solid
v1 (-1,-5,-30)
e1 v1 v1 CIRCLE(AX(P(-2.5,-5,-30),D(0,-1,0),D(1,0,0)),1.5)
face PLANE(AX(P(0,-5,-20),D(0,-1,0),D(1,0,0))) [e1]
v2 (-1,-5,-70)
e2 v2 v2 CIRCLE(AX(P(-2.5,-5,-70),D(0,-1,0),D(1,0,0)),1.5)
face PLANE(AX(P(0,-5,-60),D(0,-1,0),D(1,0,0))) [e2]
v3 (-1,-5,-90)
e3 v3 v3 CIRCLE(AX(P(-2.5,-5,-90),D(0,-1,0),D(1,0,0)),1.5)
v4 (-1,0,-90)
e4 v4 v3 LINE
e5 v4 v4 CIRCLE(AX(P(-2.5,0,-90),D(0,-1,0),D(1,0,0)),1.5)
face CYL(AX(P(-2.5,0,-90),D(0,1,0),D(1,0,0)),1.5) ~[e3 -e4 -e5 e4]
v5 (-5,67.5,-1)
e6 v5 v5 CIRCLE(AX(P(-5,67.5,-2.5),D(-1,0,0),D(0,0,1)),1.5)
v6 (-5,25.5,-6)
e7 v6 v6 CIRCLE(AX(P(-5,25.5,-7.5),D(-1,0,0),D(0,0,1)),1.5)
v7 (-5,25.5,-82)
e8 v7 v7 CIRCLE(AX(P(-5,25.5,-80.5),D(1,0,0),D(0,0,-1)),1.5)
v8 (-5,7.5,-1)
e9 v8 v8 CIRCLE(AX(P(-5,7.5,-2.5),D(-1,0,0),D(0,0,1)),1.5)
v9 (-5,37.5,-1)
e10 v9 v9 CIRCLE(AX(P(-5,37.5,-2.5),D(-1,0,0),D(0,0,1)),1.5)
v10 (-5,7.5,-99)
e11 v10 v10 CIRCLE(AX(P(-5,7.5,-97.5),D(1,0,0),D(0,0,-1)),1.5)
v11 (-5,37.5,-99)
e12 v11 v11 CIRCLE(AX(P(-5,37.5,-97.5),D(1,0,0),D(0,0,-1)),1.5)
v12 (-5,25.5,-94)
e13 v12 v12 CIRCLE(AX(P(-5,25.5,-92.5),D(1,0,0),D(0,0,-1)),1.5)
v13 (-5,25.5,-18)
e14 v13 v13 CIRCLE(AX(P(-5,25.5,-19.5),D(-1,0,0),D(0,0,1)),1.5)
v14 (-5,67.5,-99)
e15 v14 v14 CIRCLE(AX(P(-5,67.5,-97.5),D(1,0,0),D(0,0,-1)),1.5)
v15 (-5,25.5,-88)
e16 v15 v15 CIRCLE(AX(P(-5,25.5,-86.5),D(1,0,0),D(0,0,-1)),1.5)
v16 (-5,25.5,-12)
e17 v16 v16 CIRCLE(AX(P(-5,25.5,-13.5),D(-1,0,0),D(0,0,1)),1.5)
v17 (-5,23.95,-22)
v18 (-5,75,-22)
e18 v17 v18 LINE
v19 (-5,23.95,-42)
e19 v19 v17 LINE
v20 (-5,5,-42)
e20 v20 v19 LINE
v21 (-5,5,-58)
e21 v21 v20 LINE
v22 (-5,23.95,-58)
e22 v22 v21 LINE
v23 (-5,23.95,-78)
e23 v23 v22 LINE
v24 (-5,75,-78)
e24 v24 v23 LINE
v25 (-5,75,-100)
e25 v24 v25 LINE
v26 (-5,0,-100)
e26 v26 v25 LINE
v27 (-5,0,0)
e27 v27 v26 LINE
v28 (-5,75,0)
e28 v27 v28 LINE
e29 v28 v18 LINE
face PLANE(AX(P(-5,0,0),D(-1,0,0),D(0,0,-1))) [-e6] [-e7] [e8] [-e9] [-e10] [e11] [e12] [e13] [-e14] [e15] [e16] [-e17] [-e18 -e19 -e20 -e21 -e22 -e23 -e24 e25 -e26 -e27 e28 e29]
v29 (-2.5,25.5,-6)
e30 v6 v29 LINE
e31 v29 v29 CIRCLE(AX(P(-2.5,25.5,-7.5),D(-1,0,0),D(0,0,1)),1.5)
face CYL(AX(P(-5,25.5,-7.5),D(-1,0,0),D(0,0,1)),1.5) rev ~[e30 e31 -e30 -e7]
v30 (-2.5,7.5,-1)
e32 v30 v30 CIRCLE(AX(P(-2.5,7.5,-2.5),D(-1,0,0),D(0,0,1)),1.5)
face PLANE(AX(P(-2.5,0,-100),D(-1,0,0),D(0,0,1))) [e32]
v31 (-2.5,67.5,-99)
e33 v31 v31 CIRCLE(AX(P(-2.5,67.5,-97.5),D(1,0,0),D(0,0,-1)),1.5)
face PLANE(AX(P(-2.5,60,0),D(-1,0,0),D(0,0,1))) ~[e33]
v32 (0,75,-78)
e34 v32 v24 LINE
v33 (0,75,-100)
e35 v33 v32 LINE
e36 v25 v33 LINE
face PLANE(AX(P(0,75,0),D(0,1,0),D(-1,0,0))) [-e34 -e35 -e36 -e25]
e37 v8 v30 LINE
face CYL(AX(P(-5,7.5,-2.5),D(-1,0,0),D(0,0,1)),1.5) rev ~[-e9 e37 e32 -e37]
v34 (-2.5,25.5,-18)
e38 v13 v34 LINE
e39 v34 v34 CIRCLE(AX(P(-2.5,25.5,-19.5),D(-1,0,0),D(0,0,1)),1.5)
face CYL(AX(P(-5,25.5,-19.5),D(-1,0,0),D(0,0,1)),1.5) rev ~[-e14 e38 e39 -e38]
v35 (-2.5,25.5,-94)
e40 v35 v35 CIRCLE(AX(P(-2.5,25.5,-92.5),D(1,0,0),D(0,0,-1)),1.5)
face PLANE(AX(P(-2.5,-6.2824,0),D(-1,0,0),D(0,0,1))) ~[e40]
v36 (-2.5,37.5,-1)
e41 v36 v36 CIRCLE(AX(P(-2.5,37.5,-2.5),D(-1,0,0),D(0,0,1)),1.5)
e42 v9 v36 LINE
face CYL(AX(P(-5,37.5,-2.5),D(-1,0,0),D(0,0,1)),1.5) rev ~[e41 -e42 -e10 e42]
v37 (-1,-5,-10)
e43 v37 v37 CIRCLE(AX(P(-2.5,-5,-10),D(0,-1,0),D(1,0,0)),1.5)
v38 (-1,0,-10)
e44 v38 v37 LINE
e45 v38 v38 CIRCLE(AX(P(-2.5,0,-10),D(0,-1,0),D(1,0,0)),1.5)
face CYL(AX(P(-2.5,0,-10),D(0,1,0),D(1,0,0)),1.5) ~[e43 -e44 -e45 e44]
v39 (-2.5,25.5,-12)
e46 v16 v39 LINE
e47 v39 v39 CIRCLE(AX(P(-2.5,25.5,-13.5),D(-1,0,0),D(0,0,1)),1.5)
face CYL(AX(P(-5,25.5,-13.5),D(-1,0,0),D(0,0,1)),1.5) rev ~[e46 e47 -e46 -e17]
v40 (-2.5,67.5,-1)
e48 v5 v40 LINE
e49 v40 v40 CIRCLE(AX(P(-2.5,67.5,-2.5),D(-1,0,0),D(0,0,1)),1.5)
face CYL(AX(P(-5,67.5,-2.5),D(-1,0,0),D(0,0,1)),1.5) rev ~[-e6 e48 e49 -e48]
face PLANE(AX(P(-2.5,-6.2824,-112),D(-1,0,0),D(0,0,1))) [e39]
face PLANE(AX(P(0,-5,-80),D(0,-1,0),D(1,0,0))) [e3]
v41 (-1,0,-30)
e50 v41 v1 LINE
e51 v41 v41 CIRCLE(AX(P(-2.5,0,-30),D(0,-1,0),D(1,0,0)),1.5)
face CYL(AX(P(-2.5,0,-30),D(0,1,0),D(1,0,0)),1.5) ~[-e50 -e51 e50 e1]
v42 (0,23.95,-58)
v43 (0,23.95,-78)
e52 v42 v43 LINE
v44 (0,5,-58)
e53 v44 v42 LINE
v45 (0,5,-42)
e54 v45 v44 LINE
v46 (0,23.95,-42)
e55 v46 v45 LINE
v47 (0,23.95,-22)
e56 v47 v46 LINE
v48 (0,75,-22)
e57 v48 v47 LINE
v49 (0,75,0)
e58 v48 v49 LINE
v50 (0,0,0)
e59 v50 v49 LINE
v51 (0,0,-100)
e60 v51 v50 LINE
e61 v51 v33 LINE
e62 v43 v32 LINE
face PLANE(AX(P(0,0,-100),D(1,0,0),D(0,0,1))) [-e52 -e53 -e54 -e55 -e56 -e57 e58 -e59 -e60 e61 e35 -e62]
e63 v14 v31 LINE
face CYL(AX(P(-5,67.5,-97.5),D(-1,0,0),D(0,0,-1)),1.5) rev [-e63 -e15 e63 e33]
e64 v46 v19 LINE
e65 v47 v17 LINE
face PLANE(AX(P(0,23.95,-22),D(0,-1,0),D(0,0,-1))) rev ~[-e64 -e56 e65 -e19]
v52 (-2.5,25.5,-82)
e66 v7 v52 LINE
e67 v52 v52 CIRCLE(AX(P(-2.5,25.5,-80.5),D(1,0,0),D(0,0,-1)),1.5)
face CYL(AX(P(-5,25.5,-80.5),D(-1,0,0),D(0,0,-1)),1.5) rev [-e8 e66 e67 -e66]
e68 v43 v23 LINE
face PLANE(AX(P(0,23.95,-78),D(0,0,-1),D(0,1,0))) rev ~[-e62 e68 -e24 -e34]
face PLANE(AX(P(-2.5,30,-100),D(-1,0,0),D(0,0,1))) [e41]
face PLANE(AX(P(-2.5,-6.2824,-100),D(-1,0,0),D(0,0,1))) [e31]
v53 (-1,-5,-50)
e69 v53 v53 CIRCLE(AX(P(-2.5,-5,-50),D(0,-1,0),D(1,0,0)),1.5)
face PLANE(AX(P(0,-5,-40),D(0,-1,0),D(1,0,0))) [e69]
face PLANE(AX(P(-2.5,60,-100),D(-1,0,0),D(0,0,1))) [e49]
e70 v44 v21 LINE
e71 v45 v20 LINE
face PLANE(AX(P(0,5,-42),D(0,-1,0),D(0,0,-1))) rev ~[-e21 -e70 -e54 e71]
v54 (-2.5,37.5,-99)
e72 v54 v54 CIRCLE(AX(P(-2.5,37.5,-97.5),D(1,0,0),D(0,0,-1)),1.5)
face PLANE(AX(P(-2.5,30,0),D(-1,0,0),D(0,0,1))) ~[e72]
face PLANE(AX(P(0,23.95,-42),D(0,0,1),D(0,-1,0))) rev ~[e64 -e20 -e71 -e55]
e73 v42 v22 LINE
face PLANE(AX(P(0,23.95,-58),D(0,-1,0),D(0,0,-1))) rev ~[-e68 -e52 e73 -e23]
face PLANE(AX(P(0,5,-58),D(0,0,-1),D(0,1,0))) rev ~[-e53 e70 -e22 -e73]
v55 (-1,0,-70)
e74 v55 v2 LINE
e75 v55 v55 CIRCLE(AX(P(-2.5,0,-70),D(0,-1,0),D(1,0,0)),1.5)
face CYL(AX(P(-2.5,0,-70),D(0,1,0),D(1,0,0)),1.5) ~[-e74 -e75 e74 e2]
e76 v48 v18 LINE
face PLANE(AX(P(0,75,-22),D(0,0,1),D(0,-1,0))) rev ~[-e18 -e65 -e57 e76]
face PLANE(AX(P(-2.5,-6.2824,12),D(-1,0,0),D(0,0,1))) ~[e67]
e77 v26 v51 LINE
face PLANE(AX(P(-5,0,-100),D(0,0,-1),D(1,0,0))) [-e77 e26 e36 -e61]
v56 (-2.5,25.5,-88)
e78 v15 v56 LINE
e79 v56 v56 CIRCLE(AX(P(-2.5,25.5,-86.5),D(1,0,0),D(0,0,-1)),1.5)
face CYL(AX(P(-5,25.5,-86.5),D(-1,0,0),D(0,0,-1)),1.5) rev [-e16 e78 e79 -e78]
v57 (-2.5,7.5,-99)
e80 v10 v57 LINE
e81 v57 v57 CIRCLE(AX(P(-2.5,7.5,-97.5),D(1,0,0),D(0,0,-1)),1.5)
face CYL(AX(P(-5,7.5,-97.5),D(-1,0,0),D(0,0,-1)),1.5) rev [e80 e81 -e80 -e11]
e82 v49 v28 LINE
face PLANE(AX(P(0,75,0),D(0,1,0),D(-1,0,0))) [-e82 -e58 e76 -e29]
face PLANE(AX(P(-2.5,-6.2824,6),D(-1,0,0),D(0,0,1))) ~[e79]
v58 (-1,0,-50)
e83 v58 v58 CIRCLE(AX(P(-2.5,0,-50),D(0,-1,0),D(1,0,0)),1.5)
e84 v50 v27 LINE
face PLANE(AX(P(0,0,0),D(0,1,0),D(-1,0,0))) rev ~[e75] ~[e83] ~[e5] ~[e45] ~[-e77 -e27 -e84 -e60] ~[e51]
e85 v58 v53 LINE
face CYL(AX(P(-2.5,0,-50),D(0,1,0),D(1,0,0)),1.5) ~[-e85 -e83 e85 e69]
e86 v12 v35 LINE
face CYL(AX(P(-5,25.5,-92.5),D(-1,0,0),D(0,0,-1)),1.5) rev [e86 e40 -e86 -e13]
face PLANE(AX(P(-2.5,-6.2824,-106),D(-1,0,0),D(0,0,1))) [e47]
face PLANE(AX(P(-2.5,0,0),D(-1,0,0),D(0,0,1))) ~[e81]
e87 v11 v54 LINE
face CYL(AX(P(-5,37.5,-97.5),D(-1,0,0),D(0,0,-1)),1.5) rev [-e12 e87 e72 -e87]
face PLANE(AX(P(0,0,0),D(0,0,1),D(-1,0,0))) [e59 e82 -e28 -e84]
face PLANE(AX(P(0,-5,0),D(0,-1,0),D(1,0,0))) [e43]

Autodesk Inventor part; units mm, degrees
ref_plane "YZ Plane" through (0, 0, 0) normal (1, 0, 0) x (0, 1, 0)
ref_plane "XZ Plane" through (0, 0, 0) normal (0, 1, 0) x (-1, 0, 0)
sketch "Sketch2" plane through (0, 0, 0) normal (0, 1, 0) x (-1, 0, 0)
  line L0 (0, 0) -> (5, 0)
  line L1 (5, 0) -> (5, -100)
  line L2 (5, -100) -> (0, -100)
  line L3 (0, -100) -> (0, 0)
  dimension "d0" = 5
  dimension "d1" = 100
extrude "Extrusion1" add sketch "Sketch2" along normal blind 75
sketch "Sketch5" plane through (0, 0, 0) normal (1, 0, 0) x (0, 0, -1)
  line L0 (0, 75) -> (100, 75) projected
  line L1 (22, 23.95) -> (42, 23.95)
  line L2 (42, 23.95) -> (42, 75)
  line L3 (42, 75) -> (22, 75)
  line L4 (22, 75) -> (22, 23.95)
  line L5 (58, 23.95) -> (78, 23.95)
  line L6 (78, 23.95) -> (78, 75)
  line L7 (78, 75) -> (58, 75)
  line L8 (58, 75) -> (58, 23.95)
  line L9 (0, 0) -> (0, 75) projected
  line L10 (100, 0) -> (100, 75) projected
  line L11 (100, 0) -> (0, 0) projected
  dimension "d16" = 16
  dimension "d17" = 22
  dimension "d18" = 22
  dimension "d20" = 23.95
extrude "Extrusion4" cut sketch "Sketch5" against normal through all contours L0 L2 L1 L4 | L0 L6 L5 L8
sketch "Sketch6" plane through (0, 0, 0) normal (1, 0, 0) x (0, 0, -1)
  line L0 (58, 23.95) -> (58, 75) projected
  line L1 (42, 5) -> (58, 5)
  line L2 (58, 5) -> (58, 75)
  line L3 (58, 75) -> (42, 75)
  line L4 (42, 75) -> (42, 5)
  line L5 (42, 75) -> (42, 23.95) projected
  point P0 (0, 0)
  dimension "d26" = 70
extrude "Extrusion5" cut sketch "Sketch6" against normal through all
sketch "Sketch7" plane through (0, 0, 0) normal (0, -1, 0) x (1, 0, 0)
  circle A0 centre (-2.5, -10) radius 1.5
  line L0 (0, 0) -> (-5, 0) projected
  line L1 (-5, 0) -> (-5, -100) projected
  dimension "d27" = 3
  dimension "d28" = 10
  dimension "d29" = 2.5
extrude "Extrusion6" add sketch "Sketch7" along normal blind 5
pattern_linear "Rectangular Pattern1" count 5 spacing 20 along (0, 0, -1) of "Extrusion6"
ref_plane "Work Plane1" through (-5, 0, -50) normal (0, 0, 1) x (1, 0, 0)
sketch "Sketch9" plane through (-5, -6.2824, -100) normal (-1, 0, 0) x (0, 0, 1)
  line L0 (100, 6.2824) -> (100, 75)
  line L1 (0, 29.2824) -> (100, 29.2824)
  line L2 (100, 29.2824) -> (100, 34.2824)
  line L3 (100, 34.2824) -> (0, 34.2824)
  line L4 (0, 34.2824) -> (0, 29.2824)
  circle A0 centre (92.5, 31.7824) radius 1.5
  line L5 (78, 75) -> (78, 23.95)
  line L6 (100, 75) -> (78, 75)
  line L7 (100, 6.2824) -> (95, 6.2824)
  line L8 (95, 6.2824) -> (95, 75)
  line L9 (95, 75) -> (100, 75)
  line L10 (100, 75) -> (100, 6.2824)
  line L11 (0, 75) -> (22, 75)
  line L12 (0, 0) -> (5, 0)
  line L13 (5, 0) -> (5, 75)
  line L14 (5, 75) -> (0, 75)
  line L15 (0, 75) -> (0, 0)
  point P0 (97.5, 6.2824)
  point P1 (100, 6.2824)
  dimension "d59" = 5
  dimension "d56" = 3
  dimension "d55" = 5
  dimension "d53" = 5
  dimension "d57" = 2.5
  dimension "d54" = 2.5
  dimension "d66" = 23
extrude "Extrusion8" cut sketch "Sketch9" against normal blind 2.5 contours A0
pattern_linear "Rectangular Pattern3" count 3 spacing 6 along (0, 0, -1) of "Extrusion8"
mirror "Mirror2" about plane through (-5, 0, -50) normal (0, 0, 1) of "Extrusion8", "Rectangular Pattern3"
sketch "Sketch10" plane through (-5, 0, -100) normal (-1, 0, 0) x (0, 0, 1)
  line L0 (78, 75) -> (100, 75) projected
  line L1 (100, 0) -> (95, 0)
  line L2 (95, 0) -> (95, 75)
  line L3 (95, 75) -> (100, 75)
  line L4 (100, 75) -> (100, 0)
  circle A0 centre (97.5, 7.5) radius 1.5
  dimension "d67" = 5
  dimension "d68" = 3
  dimension "d69" = 2.5
  dimension "d70" = 7.5
extrude "Extrusion9" cut sketch "Sketch10" against normal blind 2.5 contours A0
pattern_linear "Rectangular Pattern4" count 3 spacing 30 along (0, 1, 0) of "Extrusion9"
mirror "Mirror3" about plane through (-5, 0, -50) normal (0, 0, 1) of "Extrusion9", "Rectangular Pattern4"
properties part number "Back Plate V3"
